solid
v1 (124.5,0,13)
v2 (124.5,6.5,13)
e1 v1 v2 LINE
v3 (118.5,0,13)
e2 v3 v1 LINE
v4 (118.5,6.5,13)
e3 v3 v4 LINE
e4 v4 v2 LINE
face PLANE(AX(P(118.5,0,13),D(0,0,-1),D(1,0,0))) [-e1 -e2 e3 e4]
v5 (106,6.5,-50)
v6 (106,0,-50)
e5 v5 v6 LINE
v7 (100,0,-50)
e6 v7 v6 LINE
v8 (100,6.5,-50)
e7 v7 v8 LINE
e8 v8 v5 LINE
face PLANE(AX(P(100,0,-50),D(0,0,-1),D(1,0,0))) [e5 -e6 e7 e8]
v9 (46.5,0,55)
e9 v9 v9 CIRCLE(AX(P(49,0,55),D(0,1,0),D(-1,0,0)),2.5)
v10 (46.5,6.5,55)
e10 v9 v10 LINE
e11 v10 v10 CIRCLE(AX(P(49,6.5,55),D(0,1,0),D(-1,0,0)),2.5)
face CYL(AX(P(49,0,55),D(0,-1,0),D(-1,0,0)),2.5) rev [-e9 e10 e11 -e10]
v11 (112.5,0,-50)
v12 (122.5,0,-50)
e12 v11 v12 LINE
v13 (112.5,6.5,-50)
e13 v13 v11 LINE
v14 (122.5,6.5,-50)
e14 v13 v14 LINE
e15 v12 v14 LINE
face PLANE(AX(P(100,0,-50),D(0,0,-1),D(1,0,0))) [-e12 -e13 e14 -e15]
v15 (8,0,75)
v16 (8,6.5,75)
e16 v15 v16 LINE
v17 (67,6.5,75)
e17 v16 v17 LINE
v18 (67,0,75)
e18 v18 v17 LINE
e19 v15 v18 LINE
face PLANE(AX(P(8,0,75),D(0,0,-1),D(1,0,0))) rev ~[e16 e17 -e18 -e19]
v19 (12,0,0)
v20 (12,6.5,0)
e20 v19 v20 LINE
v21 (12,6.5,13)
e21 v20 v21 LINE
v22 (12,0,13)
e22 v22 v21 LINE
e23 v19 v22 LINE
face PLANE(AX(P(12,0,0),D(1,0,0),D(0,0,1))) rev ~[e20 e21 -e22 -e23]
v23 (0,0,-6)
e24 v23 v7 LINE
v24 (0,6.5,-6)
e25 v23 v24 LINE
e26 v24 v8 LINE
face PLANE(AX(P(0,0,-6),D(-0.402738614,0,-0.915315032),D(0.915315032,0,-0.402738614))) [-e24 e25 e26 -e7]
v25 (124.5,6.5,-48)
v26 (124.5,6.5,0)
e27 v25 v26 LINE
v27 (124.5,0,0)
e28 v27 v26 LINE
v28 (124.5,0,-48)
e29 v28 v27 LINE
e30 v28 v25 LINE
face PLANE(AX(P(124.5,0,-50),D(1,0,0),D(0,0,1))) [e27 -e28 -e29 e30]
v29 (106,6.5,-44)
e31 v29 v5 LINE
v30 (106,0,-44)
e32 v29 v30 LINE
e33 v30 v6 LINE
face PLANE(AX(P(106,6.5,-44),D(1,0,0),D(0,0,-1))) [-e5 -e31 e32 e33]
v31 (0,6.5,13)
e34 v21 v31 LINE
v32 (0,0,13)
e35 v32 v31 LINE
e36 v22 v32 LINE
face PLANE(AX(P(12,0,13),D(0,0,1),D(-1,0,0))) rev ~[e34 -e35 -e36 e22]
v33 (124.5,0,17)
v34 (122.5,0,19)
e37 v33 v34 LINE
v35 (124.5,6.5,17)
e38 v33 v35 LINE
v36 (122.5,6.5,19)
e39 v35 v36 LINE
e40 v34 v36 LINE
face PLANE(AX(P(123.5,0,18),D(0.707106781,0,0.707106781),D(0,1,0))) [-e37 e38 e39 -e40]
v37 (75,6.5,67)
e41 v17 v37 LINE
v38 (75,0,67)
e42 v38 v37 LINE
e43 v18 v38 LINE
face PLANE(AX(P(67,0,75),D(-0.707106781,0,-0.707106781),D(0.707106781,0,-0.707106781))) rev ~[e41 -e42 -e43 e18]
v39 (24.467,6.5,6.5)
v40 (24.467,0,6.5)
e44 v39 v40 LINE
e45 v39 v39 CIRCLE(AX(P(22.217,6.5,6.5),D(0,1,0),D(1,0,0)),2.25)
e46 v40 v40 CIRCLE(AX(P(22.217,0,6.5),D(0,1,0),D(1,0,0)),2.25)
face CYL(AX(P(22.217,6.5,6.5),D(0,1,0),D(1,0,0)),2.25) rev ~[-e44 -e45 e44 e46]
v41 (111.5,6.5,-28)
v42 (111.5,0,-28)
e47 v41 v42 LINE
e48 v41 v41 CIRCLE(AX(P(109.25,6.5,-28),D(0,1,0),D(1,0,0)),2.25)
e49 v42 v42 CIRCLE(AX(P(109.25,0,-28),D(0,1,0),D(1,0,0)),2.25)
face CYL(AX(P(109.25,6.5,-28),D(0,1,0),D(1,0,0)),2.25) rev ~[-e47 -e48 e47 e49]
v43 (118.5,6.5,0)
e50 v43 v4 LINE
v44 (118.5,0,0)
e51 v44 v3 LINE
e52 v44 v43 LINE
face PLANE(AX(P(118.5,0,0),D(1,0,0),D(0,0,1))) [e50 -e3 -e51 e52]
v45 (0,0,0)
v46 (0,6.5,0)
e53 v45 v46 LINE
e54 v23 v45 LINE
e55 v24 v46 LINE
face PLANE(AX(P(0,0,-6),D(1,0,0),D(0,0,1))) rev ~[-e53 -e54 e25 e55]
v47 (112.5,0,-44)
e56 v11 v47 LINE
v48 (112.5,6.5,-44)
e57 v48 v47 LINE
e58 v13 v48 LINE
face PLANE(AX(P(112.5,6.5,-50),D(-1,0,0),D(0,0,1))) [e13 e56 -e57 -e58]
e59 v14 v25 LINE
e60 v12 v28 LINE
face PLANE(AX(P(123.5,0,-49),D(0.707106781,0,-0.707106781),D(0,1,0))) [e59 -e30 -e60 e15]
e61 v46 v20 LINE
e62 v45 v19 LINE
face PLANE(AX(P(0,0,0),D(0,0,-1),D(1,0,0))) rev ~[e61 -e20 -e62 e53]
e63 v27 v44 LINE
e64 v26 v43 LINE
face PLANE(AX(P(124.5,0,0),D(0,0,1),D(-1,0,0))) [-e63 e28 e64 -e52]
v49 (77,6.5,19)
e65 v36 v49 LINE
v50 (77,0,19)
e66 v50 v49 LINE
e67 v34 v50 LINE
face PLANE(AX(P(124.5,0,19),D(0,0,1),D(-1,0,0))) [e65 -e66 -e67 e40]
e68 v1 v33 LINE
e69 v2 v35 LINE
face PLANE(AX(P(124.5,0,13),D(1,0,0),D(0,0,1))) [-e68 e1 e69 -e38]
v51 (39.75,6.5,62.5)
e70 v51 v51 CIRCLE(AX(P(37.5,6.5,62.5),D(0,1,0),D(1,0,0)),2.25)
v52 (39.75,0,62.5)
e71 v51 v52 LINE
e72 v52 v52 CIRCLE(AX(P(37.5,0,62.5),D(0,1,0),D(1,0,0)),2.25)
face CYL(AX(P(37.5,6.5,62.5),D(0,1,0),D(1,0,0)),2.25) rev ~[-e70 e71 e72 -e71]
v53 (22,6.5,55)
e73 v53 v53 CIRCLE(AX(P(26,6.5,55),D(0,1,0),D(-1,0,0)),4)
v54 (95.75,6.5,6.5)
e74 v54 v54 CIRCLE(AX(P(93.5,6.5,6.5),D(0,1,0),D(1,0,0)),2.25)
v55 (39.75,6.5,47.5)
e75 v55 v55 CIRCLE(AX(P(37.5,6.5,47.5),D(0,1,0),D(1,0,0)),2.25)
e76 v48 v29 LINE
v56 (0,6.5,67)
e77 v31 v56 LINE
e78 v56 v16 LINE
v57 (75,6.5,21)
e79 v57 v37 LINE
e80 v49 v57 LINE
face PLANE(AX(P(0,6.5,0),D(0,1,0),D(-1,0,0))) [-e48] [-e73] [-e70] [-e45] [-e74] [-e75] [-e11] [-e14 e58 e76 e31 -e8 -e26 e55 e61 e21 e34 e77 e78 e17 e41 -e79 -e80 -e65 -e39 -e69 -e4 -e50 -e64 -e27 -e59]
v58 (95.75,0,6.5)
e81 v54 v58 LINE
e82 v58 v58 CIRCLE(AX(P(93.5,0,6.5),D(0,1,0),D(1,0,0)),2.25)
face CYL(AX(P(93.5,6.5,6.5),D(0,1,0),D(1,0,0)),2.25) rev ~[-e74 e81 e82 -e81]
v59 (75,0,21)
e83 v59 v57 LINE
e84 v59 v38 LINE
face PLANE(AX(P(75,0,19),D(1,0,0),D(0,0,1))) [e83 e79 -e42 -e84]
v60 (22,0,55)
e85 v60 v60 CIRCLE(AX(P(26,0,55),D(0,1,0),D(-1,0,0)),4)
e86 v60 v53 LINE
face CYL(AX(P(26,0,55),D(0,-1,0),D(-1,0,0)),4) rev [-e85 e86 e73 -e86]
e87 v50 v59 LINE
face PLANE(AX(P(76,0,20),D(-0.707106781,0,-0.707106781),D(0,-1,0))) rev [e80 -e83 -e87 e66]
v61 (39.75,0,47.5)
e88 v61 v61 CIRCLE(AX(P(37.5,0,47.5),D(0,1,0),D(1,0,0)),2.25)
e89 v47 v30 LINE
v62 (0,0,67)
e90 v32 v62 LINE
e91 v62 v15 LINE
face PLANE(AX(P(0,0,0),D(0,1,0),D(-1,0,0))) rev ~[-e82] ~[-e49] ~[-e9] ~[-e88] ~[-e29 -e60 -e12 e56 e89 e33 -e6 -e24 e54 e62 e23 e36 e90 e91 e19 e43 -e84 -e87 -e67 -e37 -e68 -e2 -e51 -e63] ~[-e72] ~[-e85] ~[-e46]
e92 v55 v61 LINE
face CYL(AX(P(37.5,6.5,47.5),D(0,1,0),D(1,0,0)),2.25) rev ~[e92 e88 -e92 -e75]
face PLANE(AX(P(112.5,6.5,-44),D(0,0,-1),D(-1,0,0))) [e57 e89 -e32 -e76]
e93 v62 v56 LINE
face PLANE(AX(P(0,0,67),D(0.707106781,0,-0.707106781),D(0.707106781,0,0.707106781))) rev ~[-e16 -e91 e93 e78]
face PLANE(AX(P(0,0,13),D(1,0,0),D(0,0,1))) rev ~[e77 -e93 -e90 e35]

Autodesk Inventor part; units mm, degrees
ref_plane "YZ Plane" through (0, 0, 0) normal (1, 0, 0) x (0, 1, 0)
ref_plane "XZ Plane" through (0, 0, 0) normal (0, 1, 0) x (-1, 0, 0)
ref_plane "XY Plane" through (0, 0, 0) normal (0, 0, 1) x (1, 0, 0)
sketch "Sketch1" plane through (0, 0, 0) normal (0, 1, 0) x (-1, 0, 0)
  line L0 (0, -6) -> (0, 0)
  line L1 (0, 0) -> (-12, 0)
  line L2 (-12, 0) -> (-12, 13)
  line L3 (-12, 13) -> (0, 13)
  line L4 (0, 13) -> (0, 67)
  line L5 (0, 67) -> (-8, 75)
  line L6 (-8, 75) -> (-67, 75)
  line L7 (-67, 75) -> (-75, 67)
  line L8 (0, -6) -> (-100, -50)
  line L9 (-100, -50) -> (-124.5, -50)
  line L10 (-124.5, -50) -> (-124.5, 0)
  line L11 (-124.5, 0) -> (-118.5, 0)
  line L12 (-118.5, 0) -> (-118.5, 13)
  line L13 (-118.5, 13) -> (-124.5, 13)
  line L14 (-124.5, 13) -> (-124.5, 19)
  line L15 (-124.5, 19) -> (-75, 19)
  line L16 (-75, 19) -> (-75, 67)
  circle A0 centre (-26, 55) radius 4
  circle A1 centre (-49, 55) radius 2.5
  line L17 (-106, -50) -> (-112.5, -50) construction
  line L18 (-112.5, -50) -> (-112.5, 13) construction
  line L19 (-112.5, 13) -> (-106, 13) construction
  line L20 (-106, 13) -> (-106, -50) construction
  dimension "d0" = 13
  dimension "d1" = 12
  dimension "d2" = 6
  dimension "d3" = 6
  dimension "d4" = 6
  dimension "d6" = 75
  dimension "d7" = 8
  dimension "d8" = 5
  dimension "d9" = 23
  dimension "d10" = 106.5
  dimension "d11" = 45
  dimension "d12" = 8
  dimension "d13" = 6.5
  dimension "d14" = 6
  dimension "d15" = 6
  dimension "d16" = 42
  dimension "d17" = 20
  dimension "d18" = 50
  dimension "d19" = 26
extrude "Extrusion1" add sketch "Sketch1" along normal blind 6.5
sketch "Sketch3" plane through (0, 6.5, 0) normal (0, 1, 0) x (1, 0, 0)
  line L0 (124.5, 0) -> (124.5, 50) projected
  line L1 (124.5, 50) -> (100, 50) projected
  line L2 (106, 50) -> (112.5, 50)
  line L3 (112.5, 50) -> (112.5, 44)
  line L4 (112.5, 44) -> (106, 44)
  line L5 (106, 44) -> (106, 50)
  dimension "d27" = 6
  dimension "d28" = 6.5
  dimension "d29" = 12
extrude "Extrusion3" cut sketch "Sketch3" against normal through all
chamfer "Chamfer1" distance 2 angle 45 3 edges at (75, 3.25, 19) (124.5, 3.25, 19) (124.5, 3.25, -50)
sketch "Sketch4" plane through (0, 6.5, 0) normal (0, 1, 0) x (1, 0, 0)
  line L0 (124.5, 0) -> (124.5, 48) projected
  circle A0 centre (26, -55) radius 4 projected
  circle A1 centre (49, -55) radius 2.5 projected
  circle A2 centre (37.5, -47.5) radius 2.25
  circle A3 centre (37.5, -62.5) radius 2.25
  line L1 (37.5, -47.5) -> (37.5, -62.5) construction
  line L2 (26, -55) -> (49, -55) construction
  point P0 (37.5, -55)
  dimension "d35" = 15
  dimension "d36" = 4.5
extrude "Extrusion4" cut sketch "Sketch4" against normal through all contours A2 | A3
sketch "Sketch5" plane through (0, 6.5, 0) normal (0, 1, 0) x (1, 0, 0)
  line L0 (112.5, 44) -> (106, 44) projected
  line L1 (12, 0) -> (12, -13) projected
  line L2 (0, -13) -> (0, -67) projected
  line L3 (118.5, -13) -> (118.5, 0) projected
  line L4 (118.5, 0) -> (124.5, 0) projected
  circle A0 centre (22.217, -6.5) radius 2.25
  circle A1 centre (93.5, -6.5) radius 2.25
  circle A2 centre (109.25, 28) radius 2.25
  point P0 (12, -6.5)
  point P1 (109.25, 44)
  dimension "d39" = 4.5
  dimension "d40" = 22.217
  dimension "d41" = 25
  dimension "d42" = 28
extrude "Extrusion5" cut sketch "Sketch5" against normal through all
equation "\"d2\" = d3"
equation "\"d4\" = d3"
properties part number "z_axis_top"
